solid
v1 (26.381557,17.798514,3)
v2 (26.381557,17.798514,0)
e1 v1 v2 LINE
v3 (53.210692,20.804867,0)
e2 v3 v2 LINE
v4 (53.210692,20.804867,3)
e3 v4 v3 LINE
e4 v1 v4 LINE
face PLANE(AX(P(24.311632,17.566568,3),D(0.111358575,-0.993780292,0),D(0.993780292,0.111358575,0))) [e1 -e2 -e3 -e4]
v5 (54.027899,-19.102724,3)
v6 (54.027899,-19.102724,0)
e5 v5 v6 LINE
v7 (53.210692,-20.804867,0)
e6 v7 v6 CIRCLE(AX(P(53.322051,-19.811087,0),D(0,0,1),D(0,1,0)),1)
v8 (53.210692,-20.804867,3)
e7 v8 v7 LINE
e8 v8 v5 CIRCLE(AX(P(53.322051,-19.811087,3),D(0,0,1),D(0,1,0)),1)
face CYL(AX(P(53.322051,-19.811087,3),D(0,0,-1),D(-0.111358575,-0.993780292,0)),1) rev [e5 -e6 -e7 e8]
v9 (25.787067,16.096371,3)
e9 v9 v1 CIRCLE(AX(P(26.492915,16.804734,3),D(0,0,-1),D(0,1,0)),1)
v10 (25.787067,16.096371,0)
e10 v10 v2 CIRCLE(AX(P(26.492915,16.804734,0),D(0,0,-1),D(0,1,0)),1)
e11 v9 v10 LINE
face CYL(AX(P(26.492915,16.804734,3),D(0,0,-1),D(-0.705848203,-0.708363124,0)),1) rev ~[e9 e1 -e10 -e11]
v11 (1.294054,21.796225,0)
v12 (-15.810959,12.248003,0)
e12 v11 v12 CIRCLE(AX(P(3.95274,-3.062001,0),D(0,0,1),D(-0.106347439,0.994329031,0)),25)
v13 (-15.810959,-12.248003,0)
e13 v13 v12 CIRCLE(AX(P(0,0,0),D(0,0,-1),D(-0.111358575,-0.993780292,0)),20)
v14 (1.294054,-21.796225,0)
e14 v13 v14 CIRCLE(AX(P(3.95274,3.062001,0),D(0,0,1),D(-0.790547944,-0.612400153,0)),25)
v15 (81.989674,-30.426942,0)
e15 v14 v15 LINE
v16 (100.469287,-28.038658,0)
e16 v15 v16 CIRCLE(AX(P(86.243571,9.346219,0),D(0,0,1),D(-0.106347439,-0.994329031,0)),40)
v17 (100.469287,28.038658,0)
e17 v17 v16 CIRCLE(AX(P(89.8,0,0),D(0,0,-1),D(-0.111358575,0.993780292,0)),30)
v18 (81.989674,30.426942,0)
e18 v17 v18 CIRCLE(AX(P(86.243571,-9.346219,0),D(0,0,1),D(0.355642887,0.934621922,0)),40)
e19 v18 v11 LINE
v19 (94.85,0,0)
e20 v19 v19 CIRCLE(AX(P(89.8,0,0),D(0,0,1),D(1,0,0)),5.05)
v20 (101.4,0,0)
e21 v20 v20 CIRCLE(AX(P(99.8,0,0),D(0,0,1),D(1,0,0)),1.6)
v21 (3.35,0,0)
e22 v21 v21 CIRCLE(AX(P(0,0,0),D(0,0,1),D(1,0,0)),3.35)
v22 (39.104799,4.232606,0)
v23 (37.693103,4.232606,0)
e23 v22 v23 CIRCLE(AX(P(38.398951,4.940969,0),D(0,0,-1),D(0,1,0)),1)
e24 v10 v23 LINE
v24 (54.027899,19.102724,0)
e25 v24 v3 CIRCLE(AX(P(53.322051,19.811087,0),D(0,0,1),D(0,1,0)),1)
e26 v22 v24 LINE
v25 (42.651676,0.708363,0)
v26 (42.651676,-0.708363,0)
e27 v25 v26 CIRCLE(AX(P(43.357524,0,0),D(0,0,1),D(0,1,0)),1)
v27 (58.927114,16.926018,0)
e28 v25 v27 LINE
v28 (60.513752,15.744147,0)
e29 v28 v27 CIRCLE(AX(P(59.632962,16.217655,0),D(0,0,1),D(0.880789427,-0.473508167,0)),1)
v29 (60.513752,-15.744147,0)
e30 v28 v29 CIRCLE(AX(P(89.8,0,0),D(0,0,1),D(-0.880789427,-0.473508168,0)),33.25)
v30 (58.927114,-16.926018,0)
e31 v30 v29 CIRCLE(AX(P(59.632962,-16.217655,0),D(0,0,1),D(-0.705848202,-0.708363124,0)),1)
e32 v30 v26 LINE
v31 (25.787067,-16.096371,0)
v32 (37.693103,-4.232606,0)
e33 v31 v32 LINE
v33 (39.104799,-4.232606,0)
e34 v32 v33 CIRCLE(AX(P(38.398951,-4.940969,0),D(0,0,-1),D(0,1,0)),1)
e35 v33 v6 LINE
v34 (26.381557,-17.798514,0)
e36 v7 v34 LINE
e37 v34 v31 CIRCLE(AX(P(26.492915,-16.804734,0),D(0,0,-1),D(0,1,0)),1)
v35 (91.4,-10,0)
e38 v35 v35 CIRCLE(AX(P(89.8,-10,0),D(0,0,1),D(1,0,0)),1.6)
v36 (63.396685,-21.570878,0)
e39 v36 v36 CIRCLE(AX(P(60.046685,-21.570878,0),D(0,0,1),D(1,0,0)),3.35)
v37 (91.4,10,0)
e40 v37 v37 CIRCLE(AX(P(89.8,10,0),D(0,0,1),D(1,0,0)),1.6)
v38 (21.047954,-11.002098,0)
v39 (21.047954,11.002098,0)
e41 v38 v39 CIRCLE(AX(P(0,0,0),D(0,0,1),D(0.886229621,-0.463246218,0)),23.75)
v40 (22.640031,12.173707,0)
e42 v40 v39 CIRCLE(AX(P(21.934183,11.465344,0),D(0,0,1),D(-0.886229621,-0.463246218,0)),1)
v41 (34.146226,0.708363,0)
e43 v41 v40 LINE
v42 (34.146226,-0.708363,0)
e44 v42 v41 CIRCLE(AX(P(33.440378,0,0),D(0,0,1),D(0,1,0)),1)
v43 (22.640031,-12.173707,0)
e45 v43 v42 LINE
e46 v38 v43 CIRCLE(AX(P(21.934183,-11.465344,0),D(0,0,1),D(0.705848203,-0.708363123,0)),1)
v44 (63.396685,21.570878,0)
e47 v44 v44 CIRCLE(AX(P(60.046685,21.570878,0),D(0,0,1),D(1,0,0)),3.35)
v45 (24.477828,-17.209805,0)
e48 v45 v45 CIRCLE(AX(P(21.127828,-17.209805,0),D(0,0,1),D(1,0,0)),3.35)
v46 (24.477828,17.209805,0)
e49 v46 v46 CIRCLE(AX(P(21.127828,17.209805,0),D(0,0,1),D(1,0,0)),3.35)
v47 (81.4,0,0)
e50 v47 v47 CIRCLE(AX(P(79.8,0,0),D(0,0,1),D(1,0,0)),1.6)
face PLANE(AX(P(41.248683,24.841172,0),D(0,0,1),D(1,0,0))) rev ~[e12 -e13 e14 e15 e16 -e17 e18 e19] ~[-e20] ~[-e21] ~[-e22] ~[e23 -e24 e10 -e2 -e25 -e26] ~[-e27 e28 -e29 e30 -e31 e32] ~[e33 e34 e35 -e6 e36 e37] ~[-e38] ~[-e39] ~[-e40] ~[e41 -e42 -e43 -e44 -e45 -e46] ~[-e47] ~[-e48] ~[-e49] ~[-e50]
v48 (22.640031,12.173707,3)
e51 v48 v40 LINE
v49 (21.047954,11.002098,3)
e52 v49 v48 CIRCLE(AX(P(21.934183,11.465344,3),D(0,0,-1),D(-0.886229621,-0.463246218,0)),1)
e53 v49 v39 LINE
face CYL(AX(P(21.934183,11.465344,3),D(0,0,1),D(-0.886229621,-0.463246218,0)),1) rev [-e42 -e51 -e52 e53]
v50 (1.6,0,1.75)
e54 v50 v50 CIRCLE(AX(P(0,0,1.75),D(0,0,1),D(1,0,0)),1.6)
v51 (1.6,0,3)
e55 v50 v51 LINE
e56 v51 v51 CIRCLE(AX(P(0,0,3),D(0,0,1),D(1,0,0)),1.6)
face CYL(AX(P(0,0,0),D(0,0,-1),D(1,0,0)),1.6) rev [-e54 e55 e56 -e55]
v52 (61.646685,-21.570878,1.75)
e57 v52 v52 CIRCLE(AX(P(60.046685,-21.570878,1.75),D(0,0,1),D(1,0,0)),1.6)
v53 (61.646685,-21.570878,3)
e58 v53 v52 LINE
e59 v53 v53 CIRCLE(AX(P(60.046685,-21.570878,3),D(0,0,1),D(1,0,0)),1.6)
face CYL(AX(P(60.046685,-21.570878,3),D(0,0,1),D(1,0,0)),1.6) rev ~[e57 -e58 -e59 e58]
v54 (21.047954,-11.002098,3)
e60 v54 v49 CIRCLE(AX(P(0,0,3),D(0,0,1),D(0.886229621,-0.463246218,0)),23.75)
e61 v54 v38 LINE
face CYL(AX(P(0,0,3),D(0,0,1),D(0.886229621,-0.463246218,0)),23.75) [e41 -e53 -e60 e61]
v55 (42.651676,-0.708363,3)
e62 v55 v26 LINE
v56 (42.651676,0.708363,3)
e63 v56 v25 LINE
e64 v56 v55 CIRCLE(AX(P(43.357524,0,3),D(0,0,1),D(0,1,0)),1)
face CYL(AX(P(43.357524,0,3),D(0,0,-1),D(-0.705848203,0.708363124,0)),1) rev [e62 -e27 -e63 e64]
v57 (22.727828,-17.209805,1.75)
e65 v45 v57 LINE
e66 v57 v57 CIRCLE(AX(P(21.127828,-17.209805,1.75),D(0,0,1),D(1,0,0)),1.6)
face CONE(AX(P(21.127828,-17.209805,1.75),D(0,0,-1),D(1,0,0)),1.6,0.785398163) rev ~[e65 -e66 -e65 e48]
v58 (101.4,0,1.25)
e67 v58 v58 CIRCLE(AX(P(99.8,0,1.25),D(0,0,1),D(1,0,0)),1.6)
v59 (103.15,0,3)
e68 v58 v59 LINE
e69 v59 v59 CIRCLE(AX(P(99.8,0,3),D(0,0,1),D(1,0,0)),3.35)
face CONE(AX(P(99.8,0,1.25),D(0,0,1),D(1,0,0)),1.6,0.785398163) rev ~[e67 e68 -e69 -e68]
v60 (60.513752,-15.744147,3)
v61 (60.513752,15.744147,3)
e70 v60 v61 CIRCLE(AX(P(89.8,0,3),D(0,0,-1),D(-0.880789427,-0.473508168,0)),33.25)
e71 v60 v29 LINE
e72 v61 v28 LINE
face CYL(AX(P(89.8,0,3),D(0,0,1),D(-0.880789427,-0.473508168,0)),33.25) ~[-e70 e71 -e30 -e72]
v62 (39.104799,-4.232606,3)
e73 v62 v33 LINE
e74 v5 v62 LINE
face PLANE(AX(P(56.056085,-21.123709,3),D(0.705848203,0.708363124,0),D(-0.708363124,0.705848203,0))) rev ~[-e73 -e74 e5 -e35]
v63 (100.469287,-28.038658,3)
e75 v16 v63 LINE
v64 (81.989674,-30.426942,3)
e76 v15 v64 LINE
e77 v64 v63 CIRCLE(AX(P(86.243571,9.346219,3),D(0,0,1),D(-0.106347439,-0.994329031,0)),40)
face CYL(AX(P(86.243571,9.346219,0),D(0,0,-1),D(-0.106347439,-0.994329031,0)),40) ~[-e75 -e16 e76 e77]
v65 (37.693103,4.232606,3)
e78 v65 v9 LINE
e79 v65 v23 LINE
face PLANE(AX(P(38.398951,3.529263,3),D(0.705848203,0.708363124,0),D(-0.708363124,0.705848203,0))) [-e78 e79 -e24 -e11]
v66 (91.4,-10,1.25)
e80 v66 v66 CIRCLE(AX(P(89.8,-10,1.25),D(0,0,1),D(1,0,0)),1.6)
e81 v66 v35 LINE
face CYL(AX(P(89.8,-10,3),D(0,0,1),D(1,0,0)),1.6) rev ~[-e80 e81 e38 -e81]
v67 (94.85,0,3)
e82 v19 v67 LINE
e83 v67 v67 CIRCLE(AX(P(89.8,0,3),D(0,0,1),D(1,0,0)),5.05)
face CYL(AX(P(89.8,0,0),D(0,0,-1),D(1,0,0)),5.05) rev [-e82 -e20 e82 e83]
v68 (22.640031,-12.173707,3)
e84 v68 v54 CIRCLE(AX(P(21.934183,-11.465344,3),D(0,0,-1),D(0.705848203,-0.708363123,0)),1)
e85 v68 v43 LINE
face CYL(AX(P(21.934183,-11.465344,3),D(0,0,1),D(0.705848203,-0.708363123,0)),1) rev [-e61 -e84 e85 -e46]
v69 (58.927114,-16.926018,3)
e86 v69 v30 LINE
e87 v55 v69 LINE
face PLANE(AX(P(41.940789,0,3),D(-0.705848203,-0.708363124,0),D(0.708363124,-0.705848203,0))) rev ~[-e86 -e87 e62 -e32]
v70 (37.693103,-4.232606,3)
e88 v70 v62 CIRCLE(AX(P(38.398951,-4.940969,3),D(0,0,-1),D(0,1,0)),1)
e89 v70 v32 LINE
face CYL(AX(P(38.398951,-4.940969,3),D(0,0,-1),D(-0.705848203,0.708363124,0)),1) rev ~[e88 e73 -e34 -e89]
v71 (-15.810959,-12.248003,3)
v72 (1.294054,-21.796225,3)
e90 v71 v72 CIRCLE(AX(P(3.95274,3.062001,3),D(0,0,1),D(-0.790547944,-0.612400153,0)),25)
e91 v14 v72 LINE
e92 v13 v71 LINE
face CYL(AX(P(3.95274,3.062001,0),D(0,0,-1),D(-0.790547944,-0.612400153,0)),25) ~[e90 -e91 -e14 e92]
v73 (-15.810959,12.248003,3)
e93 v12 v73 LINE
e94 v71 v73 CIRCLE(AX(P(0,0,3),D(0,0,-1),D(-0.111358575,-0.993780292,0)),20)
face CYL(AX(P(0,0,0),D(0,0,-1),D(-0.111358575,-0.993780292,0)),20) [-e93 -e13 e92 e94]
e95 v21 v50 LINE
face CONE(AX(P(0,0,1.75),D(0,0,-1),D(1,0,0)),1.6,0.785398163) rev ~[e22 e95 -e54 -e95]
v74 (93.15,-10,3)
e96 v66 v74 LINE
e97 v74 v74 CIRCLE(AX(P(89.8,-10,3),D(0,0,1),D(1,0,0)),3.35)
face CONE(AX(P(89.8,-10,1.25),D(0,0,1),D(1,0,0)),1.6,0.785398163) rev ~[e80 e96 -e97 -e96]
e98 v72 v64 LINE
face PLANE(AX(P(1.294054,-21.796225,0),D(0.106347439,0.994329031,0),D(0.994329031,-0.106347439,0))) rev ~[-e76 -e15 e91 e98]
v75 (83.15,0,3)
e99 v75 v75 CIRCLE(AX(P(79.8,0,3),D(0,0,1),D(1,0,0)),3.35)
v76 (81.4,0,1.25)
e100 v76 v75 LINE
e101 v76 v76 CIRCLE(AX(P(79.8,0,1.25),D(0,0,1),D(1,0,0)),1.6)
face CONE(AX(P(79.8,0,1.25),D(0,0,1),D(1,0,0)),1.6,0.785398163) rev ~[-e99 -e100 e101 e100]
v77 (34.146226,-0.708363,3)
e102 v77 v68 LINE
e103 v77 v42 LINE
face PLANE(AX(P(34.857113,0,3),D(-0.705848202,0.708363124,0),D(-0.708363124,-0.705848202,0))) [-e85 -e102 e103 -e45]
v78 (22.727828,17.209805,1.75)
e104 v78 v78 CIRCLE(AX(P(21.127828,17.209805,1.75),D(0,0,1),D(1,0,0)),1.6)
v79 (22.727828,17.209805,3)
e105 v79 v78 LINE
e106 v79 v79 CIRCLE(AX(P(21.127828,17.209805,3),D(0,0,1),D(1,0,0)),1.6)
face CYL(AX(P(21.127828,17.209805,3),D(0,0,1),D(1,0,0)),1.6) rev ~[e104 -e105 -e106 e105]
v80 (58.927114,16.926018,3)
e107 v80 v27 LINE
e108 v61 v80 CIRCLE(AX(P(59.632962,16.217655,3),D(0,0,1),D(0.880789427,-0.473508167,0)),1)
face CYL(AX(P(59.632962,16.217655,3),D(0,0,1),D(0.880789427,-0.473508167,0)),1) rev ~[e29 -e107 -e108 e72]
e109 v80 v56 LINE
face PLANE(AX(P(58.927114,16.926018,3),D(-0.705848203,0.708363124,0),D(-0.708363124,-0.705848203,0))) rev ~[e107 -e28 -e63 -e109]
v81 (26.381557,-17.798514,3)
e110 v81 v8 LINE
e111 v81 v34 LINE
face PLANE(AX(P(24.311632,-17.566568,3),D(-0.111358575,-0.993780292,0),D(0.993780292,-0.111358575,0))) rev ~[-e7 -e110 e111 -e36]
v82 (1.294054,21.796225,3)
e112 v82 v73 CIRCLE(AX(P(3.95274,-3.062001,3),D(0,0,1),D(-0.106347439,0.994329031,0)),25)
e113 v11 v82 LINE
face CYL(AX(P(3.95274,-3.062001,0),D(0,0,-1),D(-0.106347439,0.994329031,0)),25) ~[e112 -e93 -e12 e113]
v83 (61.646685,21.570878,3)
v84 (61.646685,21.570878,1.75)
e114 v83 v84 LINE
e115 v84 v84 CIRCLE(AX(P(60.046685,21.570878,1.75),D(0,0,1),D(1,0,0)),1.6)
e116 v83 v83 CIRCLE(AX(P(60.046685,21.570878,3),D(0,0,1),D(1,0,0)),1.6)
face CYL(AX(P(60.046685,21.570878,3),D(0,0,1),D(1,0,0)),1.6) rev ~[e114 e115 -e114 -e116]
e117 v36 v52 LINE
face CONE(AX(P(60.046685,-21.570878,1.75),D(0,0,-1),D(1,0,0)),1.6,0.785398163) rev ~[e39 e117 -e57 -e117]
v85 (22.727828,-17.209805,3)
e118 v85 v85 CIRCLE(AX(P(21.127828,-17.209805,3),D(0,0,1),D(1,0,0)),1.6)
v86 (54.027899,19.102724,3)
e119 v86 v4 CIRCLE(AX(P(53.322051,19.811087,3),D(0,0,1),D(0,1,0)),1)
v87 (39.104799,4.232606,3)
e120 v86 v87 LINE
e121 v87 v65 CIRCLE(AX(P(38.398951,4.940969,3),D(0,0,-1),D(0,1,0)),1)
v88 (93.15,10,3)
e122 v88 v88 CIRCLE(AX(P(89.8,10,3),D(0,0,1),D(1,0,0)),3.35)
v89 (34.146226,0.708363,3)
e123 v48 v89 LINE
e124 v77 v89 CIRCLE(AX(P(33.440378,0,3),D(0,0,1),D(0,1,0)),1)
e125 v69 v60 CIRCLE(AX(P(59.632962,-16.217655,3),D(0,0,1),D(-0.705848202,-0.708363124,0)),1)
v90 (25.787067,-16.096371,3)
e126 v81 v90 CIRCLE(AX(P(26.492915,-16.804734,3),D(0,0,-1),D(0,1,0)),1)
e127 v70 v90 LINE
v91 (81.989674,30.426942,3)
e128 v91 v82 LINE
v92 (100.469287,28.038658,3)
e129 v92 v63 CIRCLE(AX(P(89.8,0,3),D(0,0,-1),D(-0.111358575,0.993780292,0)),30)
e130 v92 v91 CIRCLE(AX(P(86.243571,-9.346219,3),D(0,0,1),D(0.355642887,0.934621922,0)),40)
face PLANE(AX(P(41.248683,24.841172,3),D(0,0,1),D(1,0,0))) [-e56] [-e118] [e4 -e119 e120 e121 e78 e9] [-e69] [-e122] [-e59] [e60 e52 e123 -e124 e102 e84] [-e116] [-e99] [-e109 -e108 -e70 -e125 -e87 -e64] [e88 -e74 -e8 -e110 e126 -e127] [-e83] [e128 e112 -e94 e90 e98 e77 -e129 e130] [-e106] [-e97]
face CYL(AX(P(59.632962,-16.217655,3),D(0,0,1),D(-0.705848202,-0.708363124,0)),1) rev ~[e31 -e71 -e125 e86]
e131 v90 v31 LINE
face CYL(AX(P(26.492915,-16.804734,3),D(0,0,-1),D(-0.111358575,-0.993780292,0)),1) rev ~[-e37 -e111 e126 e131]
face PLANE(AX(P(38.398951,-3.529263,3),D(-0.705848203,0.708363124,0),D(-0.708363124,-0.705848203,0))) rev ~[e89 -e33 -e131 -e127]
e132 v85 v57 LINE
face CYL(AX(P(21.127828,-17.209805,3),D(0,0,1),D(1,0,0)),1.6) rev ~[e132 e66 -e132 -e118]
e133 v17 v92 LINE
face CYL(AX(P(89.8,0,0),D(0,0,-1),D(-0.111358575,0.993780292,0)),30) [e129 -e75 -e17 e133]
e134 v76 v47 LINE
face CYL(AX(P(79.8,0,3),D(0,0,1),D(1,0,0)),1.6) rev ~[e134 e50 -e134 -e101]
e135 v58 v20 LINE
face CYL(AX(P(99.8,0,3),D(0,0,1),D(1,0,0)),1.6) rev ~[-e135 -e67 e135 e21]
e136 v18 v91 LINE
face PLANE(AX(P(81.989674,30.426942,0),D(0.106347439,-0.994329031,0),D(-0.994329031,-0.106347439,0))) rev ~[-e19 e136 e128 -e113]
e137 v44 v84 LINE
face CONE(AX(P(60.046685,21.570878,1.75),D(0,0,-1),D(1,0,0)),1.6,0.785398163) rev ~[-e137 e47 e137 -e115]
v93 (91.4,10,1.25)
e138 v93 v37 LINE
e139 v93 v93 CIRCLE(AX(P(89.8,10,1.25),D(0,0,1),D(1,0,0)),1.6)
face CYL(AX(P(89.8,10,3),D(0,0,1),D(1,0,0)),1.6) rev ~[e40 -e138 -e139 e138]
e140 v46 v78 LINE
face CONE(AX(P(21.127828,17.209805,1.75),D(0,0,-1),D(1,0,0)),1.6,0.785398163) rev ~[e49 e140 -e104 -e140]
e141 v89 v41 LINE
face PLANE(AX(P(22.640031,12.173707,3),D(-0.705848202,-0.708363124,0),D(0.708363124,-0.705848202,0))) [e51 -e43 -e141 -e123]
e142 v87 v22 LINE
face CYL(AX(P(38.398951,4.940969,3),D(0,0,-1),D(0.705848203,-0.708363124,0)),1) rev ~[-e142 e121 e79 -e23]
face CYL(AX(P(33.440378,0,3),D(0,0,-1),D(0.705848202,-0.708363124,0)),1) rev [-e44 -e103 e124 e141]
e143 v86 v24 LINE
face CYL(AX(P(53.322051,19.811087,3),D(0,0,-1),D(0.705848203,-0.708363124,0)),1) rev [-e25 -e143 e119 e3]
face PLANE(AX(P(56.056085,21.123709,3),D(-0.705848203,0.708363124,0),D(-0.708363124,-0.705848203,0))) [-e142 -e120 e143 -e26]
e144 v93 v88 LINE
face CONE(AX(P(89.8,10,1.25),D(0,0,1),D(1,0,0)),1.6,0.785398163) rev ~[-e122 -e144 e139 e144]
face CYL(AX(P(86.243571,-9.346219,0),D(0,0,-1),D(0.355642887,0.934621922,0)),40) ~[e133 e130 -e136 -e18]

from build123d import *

# Parameters (mm, degrees)
SKETCH_1_R          = 1.6
SKETCH_1_R_2        = 5.05
EXTRUDE_1_DEPTH     = 3
SKETCH_2_R          = 1.6
CUT_EXTRUDE_1_DEPTH = 124.535581919
SKETCH_3_R          = 1.6
CUT_EXTRUDE_2_DEPTH = 124.535581919
FILLET_1_R          = 1
EXTRUDE_START       = -3
EXTRUDE_2_DEPTH     = 3
CHAMFER_1_SIZE      = 1.75
CHAMFER_2_SIZE      = 1.75


with BuildPart() as part:
    # ｽｹｯﾁ1 → ﾎﾞｽ - 押し出し1 (new body)
    with BuildSketch(Plane.XY):
        with BuildLine():
            Line((-2.227171492, 19.875605831), (86.459242762, 29.813408746))
            ThreePointArc((86.459242762, 29.813408746), (119.8, 0), (86.459242762, -29.813408746))
            Line((86.459242762, -29.813408746), (-2.227171492, -19.875605831))
            ThreePointArc((-2.227171492, -19.875605831), (-20, 0), (-2.227171492, 19.875605831))
        make_face()
        Circle(SKETCH_1_R, mode=Mode.SUBTRACT)
        with Locations((89.8, 0)):
            Circle(SKETCH_1_R_2, mode=Mode.SUBTRACT)
    extrude(amount=EXTRUDE_1_DEPTH)

    # ｽｹｯﾁ2 → ｶｯﾄ - 押し出し1 (cut, through all)
    with BuildSketch(Plane.XY.offset(3)):
        with Locations((89.8, 10)):
            Circle(SKETCH_2_R)
        with Locations((99.8, 0)):
            Circle(SKETCH_2_R)
        with Locations((89.8, -10)):
            Circle(SKETCH_2_R)
        with Locations((79.8, 0)):
            Circle(SKETCH_2_R)
    extrude(amount=-CUT_EXTRUDE_1_DEPTH, mode=Mode.SUBTRACT)

    # ｽｹｯﾁ3 → ｶｯﾄ - 押し出し2 (cut, through all)
    with BuildSketch(Plane.XY.offset(3)):
        with Locations((21.127828075, 17.209804787)):
            Circle(SKETCH_3_R)
        with Locations((21.127828075, -17.209804787)):
            Circle(SKETCH_3_R)
        with Locations((60.046685431, -21.570877871)):
            Circle(SKETCH_3_R)
        with Locations((60.046685431, 21.570877871)):
            Circle(SKETCH_3_R)
        Polygon((24.311632117, 17.566567628), (56.056085363, 21.123709076), (38.398951009, 3.529263334), align=None)
        Polygon((24.311632117, -17.566567628), (56.056085363, -21.123709076), (38.398951009, -3.529263334), align=None)
        with BuildLine():
            Line((22.640031329, 12.173707016), (34.857112989, 0))
            Line((34.857112989, 0), (22.640031329, -12.173707016))
            ThreePointArc((22.640031329, -12.173707016), (21.34147622, -12.270762122), (21.047953505, -11.002097675))
            ThreePointArc((21.047953505, -11.002097675), (23.75, 0), (21.047953505, 11.002097675))
            ThreePointArc((21.047953505, 11.002097675), (21.34147622, 12.270762122), (22.640031329, 12.173707016))
        make_face()
        with BuildLine():
            Line((58.927113914, 16.926017866), (41.940789029, 0))
            Line((41.940789029, 0), (58.927113914, -16.926017866))
            ThreePointArc((58.927113914, -16.926017866), (60.230336409, -17.019617306), (60.513751544, -15.744146574))
            ThreePointArc((60.513751544, -15.744146574), (56.55, 0), (60.513751544, 15.744146574))
            ThreePointArc((60.513751544, 15.744146574), (60.230336409, 17.019617306), (58.927113914, 16.926017866))
        make_face()
    extrude(amount=-CUT_EXTRUDE_2_DEPTH, mode=Mode.SUBTRACT)

    # ﾌｨﾚｯﾄ1
    fillet_1_edges = [part.edges().sort_by_distance(p)[0] for p in [
        (56.056085363, 21.123709076, 1.5),
        (38.398951009, 3.529263334, 1.5),
        (24.311632117, 17.566567628, 1.5),
        (41.940789029, 0, 1.5),
        (24.311632117, -17.566567628, 1.5),
        (38.398951009, -3.529263334, 1.5),
        (56.056085363, -21.123709076, 1.5),
        (34.857112989, 0, 1.5),
    ]]
    fillet(fillet_1_edges, radius=FILLET_1_R)

    # ｽｹｯﾁ4 → ﾎﾞｽ - 押し出し2 (add)
    with BuildSketch(Plane.XY.offset(3).offset(EXTRUDE_START)):
        with BuildLine():
            Line((81.98967358, 30.426942029), (1.294053754, 21.796225015))
            ThreePointArc((1.294053754, 21.796225015), (-8.232619041, 18.767269305), (-15.81095889, 12.248003061))
            ThreePointArc((-15.81095889, 12.248003061), (-9.792273379, 17.438789582), (-2.227171492, 19.875605831))
            Line((-2.227171492, 19.875605831), (86.459242762, 29.813408746))
            ThreePointArc((86.459242762, 29.813408746), (93.570181832, 29.762152626), (100.46928661, 28.038657657))
            ThreePointArc((100.46928661, 28.038657657), (91.370486749, 30.323854341), (81.98967358, 30.426942029))
        make_face()
        with BuildLine():
            ThreePointArc((-2.227171492, -19.875605831), (-9.792273379, -17.438789582), (-15.81095889, -12.248003061))
            ThreePointArc((-15.81095889, -12.248003061), (-8.232619041, -18.767269305), (1.294053754, -21.796225015))
            Line((1.294053754, -21.796225015), (81.98967358, -30.426942029))
            ThreePointArc((81.98967358, -30.426942029), (91.370486749, -30.323854341), (100.46928661, -28.038657657))
            ThreePointArc((100.46928661, -28.038657657), (93.570181832, -29.762152626), (86.459242762, -29.813408746))
            Line((86.459242762, -29.813408746), (-2.227171492, -19.875605831))
        make_face()
    extrude(amount=EXTRUDE_2_DEPTH)

    # 面取り1
    chamfer_1_edges = [part.edges().sort_by_distance(p)[0] for p in [
        (-1.6, 0, 0),
        (19.527828075, -17.209804787, 0),
        (58.446685431, -21.570877871, 0),
        (58.446685431, 21.570877871, 0),
        (19.527828075, 17.209804787, 0),
    ]]
    chamfer(chamfer_1_edges, length=CHAMFER_1_SIZE)

    # 面取り2
    chamfer_2_edges = [part.edges().sort_by_distance(p)[0] for p in [
        (88.2, 10, 3),
        (98.2, 0, 3),
        (88.2, -10, 3),
        (78.2, 0, 3),
    ]]
    chamfer(chamfer_2_edges, length=CHAMFER_2_SIZE)


solid = part.part
